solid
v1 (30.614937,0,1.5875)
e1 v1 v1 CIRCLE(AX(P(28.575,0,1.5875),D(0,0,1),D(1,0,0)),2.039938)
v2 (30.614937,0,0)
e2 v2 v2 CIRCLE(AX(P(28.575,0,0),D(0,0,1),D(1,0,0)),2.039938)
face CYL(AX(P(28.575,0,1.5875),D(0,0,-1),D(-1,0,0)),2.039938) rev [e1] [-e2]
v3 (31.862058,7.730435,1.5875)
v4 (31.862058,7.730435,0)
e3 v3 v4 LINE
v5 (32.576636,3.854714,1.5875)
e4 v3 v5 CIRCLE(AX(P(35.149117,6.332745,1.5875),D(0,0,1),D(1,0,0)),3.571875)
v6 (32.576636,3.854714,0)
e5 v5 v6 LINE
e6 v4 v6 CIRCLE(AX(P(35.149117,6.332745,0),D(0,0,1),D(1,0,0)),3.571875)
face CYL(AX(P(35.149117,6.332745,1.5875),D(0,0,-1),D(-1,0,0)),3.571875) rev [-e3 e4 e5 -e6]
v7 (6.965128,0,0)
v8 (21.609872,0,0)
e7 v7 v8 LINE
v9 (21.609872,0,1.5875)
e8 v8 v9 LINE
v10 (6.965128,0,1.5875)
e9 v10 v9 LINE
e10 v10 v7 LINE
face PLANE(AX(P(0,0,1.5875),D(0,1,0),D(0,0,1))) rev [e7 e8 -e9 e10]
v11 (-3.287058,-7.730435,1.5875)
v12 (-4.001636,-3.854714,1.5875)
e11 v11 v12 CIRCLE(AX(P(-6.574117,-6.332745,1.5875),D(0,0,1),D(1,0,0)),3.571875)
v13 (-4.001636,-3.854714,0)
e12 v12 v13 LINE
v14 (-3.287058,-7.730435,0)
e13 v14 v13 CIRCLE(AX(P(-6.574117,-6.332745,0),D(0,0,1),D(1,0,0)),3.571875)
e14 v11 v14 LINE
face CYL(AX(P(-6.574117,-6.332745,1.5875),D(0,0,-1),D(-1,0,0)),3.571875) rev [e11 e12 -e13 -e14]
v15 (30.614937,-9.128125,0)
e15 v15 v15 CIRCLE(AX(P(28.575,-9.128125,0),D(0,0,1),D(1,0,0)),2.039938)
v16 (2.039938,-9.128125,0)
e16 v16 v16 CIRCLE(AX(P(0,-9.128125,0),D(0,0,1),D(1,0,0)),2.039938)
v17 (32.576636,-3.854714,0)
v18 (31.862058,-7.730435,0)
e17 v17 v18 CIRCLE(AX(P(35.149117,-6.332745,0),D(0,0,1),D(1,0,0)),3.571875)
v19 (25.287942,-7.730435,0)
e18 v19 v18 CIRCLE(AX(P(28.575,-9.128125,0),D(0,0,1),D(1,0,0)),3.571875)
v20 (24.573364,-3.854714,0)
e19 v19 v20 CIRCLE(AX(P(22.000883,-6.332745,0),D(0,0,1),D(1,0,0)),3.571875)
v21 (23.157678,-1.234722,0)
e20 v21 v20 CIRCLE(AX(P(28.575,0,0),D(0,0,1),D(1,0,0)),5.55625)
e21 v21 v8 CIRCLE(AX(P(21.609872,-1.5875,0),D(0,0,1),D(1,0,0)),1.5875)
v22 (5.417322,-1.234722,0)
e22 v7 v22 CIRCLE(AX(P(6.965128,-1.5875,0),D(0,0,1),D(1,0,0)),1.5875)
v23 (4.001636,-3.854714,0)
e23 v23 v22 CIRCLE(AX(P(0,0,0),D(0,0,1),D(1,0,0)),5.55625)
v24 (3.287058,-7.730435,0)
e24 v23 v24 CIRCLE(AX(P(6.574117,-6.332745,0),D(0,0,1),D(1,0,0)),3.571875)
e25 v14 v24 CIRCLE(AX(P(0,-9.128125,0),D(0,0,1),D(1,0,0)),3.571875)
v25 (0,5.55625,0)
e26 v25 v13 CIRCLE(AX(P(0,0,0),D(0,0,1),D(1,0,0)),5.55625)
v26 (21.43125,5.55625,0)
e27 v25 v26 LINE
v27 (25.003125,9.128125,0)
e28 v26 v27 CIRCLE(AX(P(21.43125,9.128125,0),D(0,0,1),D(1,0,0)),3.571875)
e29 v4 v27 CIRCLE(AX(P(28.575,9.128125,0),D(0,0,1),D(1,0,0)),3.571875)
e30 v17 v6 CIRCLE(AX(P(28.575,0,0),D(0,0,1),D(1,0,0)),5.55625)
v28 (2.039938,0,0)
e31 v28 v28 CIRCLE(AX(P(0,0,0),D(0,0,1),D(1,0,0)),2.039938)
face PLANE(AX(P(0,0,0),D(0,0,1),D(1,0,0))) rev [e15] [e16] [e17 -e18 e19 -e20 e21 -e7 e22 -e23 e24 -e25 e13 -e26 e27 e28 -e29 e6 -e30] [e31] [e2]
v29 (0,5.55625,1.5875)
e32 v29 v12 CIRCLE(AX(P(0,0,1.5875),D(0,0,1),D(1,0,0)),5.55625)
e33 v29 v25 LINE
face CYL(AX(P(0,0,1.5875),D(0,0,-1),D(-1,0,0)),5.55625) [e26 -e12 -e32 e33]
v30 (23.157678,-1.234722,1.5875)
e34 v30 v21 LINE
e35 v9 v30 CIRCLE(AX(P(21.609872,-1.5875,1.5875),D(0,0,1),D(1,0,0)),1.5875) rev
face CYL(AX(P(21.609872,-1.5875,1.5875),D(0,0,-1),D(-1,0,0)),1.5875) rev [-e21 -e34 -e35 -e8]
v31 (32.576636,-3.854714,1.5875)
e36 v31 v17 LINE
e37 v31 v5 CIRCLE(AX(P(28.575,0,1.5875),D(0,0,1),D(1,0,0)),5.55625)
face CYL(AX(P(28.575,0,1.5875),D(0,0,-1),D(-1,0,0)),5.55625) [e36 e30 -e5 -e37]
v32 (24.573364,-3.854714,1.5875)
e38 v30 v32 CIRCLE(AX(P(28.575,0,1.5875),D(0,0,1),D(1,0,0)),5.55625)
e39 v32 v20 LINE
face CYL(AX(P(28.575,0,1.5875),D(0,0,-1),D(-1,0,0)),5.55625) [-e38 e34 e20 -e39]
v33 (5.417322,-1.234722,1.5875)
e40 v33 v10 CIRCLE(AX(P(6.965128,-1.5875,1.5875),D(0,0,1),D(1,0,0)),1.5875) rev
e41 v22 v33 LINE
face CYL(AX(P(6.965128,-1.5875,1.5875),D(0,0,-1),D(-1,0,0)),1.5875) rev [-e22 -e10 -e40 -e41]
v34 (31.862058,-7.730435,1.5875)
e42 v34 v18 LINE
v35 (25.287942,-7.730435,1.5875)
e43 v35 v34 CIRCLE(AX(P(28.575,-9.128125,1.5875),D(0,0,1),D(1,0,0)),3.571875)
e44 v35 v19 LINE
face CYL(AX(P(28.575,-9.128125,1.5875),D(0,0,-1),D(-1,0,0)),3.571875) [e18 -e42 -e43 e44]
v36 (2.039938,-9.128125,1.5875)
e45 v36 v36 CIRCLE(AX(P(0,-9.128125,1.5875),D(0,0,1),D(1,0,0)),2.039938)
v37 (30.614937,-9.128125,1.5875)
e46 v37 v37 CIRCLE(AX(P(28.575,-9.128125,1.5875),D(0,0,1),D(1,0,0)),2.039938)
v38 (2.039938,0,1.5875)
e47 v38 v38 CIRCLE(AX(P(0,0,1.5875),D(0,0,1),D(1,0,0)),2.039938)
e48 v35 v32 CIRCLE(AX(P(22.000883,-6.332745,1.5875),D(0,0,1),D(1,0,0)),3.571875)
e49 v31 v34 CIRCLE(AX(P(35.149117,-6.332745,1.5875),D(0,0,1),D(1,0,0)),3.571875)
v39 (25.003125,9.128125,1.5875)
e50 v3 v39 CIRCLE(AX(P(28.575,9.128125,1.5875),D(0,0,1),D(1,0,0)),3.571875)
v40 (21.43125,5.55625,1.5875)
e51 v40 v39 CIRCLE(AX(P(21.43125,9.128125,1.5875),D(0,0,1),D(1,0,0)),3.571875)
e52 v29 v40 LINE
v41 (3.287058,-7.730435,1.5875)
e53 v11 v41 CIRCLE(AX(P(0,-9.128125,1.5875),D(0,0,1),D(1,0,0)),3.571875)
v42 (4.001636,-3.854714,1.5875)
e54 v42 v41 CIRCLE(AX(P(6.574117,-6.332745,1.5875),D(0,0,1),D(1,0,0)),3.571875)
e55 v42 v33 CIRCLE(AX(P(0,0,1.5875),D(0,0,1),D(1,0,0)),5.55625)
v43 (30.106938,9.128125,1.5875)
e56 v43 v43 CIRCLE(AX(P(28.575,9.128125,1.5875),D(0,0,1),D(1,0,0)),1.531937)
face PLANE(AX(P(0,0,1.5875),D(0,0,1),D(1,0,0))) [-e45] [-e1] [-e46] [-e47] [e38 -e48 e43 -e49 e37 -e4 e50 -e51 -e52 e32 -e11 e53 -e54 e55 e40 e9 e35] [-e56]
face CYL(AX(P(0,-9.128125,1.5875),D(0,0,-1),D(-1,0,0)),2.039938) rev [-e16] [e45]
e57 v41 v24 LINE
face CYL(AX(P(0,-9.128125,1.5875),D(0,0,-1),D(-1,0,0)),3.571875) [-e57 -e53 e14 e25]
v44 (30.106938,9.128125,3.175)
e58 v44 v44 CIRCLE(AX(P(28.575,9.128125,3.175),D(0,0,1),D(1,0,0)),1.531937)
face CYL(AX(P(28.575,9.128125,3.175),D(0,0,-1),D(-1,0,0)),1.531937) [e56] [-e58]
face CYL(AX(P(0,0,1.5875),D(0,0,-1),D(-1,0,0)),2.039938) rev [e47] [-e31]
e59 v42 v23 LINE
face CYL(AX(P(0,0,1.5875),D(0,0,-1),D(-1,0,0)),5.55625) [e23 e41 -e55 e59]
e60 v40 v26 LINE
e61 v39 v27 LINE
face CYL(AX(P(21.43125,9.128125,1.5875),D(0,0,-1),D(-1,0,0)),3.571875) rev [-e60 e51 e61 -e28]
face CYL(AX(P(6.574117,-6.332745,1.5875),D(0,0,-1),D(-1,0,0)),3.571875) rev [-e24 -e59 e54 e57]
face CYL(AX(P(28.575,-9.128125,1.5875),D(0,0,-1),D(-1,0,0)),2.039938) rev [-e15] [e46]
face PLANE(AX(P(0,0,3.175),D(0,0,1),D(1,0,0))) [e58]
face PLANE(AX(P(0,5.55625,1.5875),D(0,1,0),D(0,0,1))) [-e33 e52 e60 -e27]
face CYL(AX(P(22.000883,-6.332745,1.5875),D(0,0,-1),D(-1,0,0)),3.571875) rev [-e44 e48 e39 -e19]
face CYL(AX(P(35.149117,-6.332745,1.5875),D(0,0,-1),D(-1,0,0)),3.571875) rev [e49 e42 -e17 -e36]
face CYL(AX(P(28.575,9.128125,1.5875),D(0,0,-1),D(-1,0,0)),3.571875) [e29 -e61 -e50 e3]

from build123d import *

# Parameters (mm, degrees)
SKETCH2_R           = 2.0399375
SKETCH2_R_2         = 1.5319375
BOSS_EXTRUDE1_DEPTH = 1.5875
SKETCH2_4_R         = 1.5319375
BOSS_EXTRUDE3_DEPTH = 3.175
FILLET1_R           = 1.5875


with BuildPart() as part:
    # Sketch2 → Boss-Extrude1 (new body)
    with BuildSketch(Plane.XY):
        with BuildLine():
            ThreePointArc((0, 5.55625), (-5.113202022, 2.174184709), (-4.001636229, -3.854714199))
            ThreePointArc((-4.001636229, -3.854714199), (-3.061446645, -5.685103398), (-3.287058415, -7.730434766))
            ThreePointArc((-3.287058415, -7.730434766), (0, -12.7), (3.287058415, -7.730434766))
            ThreePointArc((3.287058415, -7.730434766), (3.061446641, -5.685103418), (4.0016362, -3.854714229))
            ThreePointArc((4.0016362, -3.854714229), (5.152960566, -2.078199091), (5.55625, 0))
            Line((5.55625, 0), (23.01875, 0))
            ThreePointArc((23.01875, 0), (23.422039385, -2.07819897), (24.573363619, -3.854714041))
            ThreePointArc((24.573363619, -3.854714041), (25.513553344, -5.685103337), (25.287941547, -7.730434854))
            ThreePointArc((25.287941547, -7.730434854), (28.575000048, -12.7), (31.862058415, -7.730434766))
            ThreePointArc((31.862058415, -7.730434766), (31.636446655, -5.685103342), (32.576636308, -3.854714117))
            ThreePointArc((32.576636308, -3.854714117), (34.13125, -7.3e-08), (32.576636409, 3.854714012))
            ThreePointArc((32.576636409, 3.854714012), (31.636446674, 5.685103241), (31.862058392, 7.730434711))
            ThreePointArc((31.862058392, 7.730434711), (29.288207306, 12.628071622), (25.003125, 9.128125))
            ThreePointArc((25.003125, 9.128125), (23.956947034, 6.602427966), (21.43125, 5.55625))
            Line((21.43125, 5.55625), (0, 5.55625))
        make_face()
        Circle(SKETCH2_R, mode=Mode.SUBTRACT)
        with Locations((28.575, 0)):
            Circle(SKETCH2_R, mode=Mode.SUBTRACT)
        with Locations((28.575, 9.128125)):
            Circle(SKETCH2_R_2, mode=Mode.SUBTRACT)
        with Locations((0, -9.128125)):
            Circle(SKETCH2_R, mode=Mode.SUBTRACT)
        with Locations((28.575, -9.128125)):
            Circle(SKETCH2_R, mode=Mode.SUBTRACT)
    extrude(amount=BOSS_EXTRUDE1_DEPTH)

    # Sketch2<4> → Boss-Extrude3 (add)
    with BuildSketch(Plane.XY):
        with Locations((28.575, 9.128125)):
            Circle(SKETCH2_4_R)
    extrude(amount=BOSS_EXTRUDE3_DEPTH)

    # Fillet1
    fillet1_edges = [part.edges().sort_by_distance(p)[0] for p in [
        (23.01875, 0, 0.79375),
        (5.55625, 0, 0.79375),
    ]]
    fillet(fillet1_edges, radius=FILLET1_R)


solid = part.part
